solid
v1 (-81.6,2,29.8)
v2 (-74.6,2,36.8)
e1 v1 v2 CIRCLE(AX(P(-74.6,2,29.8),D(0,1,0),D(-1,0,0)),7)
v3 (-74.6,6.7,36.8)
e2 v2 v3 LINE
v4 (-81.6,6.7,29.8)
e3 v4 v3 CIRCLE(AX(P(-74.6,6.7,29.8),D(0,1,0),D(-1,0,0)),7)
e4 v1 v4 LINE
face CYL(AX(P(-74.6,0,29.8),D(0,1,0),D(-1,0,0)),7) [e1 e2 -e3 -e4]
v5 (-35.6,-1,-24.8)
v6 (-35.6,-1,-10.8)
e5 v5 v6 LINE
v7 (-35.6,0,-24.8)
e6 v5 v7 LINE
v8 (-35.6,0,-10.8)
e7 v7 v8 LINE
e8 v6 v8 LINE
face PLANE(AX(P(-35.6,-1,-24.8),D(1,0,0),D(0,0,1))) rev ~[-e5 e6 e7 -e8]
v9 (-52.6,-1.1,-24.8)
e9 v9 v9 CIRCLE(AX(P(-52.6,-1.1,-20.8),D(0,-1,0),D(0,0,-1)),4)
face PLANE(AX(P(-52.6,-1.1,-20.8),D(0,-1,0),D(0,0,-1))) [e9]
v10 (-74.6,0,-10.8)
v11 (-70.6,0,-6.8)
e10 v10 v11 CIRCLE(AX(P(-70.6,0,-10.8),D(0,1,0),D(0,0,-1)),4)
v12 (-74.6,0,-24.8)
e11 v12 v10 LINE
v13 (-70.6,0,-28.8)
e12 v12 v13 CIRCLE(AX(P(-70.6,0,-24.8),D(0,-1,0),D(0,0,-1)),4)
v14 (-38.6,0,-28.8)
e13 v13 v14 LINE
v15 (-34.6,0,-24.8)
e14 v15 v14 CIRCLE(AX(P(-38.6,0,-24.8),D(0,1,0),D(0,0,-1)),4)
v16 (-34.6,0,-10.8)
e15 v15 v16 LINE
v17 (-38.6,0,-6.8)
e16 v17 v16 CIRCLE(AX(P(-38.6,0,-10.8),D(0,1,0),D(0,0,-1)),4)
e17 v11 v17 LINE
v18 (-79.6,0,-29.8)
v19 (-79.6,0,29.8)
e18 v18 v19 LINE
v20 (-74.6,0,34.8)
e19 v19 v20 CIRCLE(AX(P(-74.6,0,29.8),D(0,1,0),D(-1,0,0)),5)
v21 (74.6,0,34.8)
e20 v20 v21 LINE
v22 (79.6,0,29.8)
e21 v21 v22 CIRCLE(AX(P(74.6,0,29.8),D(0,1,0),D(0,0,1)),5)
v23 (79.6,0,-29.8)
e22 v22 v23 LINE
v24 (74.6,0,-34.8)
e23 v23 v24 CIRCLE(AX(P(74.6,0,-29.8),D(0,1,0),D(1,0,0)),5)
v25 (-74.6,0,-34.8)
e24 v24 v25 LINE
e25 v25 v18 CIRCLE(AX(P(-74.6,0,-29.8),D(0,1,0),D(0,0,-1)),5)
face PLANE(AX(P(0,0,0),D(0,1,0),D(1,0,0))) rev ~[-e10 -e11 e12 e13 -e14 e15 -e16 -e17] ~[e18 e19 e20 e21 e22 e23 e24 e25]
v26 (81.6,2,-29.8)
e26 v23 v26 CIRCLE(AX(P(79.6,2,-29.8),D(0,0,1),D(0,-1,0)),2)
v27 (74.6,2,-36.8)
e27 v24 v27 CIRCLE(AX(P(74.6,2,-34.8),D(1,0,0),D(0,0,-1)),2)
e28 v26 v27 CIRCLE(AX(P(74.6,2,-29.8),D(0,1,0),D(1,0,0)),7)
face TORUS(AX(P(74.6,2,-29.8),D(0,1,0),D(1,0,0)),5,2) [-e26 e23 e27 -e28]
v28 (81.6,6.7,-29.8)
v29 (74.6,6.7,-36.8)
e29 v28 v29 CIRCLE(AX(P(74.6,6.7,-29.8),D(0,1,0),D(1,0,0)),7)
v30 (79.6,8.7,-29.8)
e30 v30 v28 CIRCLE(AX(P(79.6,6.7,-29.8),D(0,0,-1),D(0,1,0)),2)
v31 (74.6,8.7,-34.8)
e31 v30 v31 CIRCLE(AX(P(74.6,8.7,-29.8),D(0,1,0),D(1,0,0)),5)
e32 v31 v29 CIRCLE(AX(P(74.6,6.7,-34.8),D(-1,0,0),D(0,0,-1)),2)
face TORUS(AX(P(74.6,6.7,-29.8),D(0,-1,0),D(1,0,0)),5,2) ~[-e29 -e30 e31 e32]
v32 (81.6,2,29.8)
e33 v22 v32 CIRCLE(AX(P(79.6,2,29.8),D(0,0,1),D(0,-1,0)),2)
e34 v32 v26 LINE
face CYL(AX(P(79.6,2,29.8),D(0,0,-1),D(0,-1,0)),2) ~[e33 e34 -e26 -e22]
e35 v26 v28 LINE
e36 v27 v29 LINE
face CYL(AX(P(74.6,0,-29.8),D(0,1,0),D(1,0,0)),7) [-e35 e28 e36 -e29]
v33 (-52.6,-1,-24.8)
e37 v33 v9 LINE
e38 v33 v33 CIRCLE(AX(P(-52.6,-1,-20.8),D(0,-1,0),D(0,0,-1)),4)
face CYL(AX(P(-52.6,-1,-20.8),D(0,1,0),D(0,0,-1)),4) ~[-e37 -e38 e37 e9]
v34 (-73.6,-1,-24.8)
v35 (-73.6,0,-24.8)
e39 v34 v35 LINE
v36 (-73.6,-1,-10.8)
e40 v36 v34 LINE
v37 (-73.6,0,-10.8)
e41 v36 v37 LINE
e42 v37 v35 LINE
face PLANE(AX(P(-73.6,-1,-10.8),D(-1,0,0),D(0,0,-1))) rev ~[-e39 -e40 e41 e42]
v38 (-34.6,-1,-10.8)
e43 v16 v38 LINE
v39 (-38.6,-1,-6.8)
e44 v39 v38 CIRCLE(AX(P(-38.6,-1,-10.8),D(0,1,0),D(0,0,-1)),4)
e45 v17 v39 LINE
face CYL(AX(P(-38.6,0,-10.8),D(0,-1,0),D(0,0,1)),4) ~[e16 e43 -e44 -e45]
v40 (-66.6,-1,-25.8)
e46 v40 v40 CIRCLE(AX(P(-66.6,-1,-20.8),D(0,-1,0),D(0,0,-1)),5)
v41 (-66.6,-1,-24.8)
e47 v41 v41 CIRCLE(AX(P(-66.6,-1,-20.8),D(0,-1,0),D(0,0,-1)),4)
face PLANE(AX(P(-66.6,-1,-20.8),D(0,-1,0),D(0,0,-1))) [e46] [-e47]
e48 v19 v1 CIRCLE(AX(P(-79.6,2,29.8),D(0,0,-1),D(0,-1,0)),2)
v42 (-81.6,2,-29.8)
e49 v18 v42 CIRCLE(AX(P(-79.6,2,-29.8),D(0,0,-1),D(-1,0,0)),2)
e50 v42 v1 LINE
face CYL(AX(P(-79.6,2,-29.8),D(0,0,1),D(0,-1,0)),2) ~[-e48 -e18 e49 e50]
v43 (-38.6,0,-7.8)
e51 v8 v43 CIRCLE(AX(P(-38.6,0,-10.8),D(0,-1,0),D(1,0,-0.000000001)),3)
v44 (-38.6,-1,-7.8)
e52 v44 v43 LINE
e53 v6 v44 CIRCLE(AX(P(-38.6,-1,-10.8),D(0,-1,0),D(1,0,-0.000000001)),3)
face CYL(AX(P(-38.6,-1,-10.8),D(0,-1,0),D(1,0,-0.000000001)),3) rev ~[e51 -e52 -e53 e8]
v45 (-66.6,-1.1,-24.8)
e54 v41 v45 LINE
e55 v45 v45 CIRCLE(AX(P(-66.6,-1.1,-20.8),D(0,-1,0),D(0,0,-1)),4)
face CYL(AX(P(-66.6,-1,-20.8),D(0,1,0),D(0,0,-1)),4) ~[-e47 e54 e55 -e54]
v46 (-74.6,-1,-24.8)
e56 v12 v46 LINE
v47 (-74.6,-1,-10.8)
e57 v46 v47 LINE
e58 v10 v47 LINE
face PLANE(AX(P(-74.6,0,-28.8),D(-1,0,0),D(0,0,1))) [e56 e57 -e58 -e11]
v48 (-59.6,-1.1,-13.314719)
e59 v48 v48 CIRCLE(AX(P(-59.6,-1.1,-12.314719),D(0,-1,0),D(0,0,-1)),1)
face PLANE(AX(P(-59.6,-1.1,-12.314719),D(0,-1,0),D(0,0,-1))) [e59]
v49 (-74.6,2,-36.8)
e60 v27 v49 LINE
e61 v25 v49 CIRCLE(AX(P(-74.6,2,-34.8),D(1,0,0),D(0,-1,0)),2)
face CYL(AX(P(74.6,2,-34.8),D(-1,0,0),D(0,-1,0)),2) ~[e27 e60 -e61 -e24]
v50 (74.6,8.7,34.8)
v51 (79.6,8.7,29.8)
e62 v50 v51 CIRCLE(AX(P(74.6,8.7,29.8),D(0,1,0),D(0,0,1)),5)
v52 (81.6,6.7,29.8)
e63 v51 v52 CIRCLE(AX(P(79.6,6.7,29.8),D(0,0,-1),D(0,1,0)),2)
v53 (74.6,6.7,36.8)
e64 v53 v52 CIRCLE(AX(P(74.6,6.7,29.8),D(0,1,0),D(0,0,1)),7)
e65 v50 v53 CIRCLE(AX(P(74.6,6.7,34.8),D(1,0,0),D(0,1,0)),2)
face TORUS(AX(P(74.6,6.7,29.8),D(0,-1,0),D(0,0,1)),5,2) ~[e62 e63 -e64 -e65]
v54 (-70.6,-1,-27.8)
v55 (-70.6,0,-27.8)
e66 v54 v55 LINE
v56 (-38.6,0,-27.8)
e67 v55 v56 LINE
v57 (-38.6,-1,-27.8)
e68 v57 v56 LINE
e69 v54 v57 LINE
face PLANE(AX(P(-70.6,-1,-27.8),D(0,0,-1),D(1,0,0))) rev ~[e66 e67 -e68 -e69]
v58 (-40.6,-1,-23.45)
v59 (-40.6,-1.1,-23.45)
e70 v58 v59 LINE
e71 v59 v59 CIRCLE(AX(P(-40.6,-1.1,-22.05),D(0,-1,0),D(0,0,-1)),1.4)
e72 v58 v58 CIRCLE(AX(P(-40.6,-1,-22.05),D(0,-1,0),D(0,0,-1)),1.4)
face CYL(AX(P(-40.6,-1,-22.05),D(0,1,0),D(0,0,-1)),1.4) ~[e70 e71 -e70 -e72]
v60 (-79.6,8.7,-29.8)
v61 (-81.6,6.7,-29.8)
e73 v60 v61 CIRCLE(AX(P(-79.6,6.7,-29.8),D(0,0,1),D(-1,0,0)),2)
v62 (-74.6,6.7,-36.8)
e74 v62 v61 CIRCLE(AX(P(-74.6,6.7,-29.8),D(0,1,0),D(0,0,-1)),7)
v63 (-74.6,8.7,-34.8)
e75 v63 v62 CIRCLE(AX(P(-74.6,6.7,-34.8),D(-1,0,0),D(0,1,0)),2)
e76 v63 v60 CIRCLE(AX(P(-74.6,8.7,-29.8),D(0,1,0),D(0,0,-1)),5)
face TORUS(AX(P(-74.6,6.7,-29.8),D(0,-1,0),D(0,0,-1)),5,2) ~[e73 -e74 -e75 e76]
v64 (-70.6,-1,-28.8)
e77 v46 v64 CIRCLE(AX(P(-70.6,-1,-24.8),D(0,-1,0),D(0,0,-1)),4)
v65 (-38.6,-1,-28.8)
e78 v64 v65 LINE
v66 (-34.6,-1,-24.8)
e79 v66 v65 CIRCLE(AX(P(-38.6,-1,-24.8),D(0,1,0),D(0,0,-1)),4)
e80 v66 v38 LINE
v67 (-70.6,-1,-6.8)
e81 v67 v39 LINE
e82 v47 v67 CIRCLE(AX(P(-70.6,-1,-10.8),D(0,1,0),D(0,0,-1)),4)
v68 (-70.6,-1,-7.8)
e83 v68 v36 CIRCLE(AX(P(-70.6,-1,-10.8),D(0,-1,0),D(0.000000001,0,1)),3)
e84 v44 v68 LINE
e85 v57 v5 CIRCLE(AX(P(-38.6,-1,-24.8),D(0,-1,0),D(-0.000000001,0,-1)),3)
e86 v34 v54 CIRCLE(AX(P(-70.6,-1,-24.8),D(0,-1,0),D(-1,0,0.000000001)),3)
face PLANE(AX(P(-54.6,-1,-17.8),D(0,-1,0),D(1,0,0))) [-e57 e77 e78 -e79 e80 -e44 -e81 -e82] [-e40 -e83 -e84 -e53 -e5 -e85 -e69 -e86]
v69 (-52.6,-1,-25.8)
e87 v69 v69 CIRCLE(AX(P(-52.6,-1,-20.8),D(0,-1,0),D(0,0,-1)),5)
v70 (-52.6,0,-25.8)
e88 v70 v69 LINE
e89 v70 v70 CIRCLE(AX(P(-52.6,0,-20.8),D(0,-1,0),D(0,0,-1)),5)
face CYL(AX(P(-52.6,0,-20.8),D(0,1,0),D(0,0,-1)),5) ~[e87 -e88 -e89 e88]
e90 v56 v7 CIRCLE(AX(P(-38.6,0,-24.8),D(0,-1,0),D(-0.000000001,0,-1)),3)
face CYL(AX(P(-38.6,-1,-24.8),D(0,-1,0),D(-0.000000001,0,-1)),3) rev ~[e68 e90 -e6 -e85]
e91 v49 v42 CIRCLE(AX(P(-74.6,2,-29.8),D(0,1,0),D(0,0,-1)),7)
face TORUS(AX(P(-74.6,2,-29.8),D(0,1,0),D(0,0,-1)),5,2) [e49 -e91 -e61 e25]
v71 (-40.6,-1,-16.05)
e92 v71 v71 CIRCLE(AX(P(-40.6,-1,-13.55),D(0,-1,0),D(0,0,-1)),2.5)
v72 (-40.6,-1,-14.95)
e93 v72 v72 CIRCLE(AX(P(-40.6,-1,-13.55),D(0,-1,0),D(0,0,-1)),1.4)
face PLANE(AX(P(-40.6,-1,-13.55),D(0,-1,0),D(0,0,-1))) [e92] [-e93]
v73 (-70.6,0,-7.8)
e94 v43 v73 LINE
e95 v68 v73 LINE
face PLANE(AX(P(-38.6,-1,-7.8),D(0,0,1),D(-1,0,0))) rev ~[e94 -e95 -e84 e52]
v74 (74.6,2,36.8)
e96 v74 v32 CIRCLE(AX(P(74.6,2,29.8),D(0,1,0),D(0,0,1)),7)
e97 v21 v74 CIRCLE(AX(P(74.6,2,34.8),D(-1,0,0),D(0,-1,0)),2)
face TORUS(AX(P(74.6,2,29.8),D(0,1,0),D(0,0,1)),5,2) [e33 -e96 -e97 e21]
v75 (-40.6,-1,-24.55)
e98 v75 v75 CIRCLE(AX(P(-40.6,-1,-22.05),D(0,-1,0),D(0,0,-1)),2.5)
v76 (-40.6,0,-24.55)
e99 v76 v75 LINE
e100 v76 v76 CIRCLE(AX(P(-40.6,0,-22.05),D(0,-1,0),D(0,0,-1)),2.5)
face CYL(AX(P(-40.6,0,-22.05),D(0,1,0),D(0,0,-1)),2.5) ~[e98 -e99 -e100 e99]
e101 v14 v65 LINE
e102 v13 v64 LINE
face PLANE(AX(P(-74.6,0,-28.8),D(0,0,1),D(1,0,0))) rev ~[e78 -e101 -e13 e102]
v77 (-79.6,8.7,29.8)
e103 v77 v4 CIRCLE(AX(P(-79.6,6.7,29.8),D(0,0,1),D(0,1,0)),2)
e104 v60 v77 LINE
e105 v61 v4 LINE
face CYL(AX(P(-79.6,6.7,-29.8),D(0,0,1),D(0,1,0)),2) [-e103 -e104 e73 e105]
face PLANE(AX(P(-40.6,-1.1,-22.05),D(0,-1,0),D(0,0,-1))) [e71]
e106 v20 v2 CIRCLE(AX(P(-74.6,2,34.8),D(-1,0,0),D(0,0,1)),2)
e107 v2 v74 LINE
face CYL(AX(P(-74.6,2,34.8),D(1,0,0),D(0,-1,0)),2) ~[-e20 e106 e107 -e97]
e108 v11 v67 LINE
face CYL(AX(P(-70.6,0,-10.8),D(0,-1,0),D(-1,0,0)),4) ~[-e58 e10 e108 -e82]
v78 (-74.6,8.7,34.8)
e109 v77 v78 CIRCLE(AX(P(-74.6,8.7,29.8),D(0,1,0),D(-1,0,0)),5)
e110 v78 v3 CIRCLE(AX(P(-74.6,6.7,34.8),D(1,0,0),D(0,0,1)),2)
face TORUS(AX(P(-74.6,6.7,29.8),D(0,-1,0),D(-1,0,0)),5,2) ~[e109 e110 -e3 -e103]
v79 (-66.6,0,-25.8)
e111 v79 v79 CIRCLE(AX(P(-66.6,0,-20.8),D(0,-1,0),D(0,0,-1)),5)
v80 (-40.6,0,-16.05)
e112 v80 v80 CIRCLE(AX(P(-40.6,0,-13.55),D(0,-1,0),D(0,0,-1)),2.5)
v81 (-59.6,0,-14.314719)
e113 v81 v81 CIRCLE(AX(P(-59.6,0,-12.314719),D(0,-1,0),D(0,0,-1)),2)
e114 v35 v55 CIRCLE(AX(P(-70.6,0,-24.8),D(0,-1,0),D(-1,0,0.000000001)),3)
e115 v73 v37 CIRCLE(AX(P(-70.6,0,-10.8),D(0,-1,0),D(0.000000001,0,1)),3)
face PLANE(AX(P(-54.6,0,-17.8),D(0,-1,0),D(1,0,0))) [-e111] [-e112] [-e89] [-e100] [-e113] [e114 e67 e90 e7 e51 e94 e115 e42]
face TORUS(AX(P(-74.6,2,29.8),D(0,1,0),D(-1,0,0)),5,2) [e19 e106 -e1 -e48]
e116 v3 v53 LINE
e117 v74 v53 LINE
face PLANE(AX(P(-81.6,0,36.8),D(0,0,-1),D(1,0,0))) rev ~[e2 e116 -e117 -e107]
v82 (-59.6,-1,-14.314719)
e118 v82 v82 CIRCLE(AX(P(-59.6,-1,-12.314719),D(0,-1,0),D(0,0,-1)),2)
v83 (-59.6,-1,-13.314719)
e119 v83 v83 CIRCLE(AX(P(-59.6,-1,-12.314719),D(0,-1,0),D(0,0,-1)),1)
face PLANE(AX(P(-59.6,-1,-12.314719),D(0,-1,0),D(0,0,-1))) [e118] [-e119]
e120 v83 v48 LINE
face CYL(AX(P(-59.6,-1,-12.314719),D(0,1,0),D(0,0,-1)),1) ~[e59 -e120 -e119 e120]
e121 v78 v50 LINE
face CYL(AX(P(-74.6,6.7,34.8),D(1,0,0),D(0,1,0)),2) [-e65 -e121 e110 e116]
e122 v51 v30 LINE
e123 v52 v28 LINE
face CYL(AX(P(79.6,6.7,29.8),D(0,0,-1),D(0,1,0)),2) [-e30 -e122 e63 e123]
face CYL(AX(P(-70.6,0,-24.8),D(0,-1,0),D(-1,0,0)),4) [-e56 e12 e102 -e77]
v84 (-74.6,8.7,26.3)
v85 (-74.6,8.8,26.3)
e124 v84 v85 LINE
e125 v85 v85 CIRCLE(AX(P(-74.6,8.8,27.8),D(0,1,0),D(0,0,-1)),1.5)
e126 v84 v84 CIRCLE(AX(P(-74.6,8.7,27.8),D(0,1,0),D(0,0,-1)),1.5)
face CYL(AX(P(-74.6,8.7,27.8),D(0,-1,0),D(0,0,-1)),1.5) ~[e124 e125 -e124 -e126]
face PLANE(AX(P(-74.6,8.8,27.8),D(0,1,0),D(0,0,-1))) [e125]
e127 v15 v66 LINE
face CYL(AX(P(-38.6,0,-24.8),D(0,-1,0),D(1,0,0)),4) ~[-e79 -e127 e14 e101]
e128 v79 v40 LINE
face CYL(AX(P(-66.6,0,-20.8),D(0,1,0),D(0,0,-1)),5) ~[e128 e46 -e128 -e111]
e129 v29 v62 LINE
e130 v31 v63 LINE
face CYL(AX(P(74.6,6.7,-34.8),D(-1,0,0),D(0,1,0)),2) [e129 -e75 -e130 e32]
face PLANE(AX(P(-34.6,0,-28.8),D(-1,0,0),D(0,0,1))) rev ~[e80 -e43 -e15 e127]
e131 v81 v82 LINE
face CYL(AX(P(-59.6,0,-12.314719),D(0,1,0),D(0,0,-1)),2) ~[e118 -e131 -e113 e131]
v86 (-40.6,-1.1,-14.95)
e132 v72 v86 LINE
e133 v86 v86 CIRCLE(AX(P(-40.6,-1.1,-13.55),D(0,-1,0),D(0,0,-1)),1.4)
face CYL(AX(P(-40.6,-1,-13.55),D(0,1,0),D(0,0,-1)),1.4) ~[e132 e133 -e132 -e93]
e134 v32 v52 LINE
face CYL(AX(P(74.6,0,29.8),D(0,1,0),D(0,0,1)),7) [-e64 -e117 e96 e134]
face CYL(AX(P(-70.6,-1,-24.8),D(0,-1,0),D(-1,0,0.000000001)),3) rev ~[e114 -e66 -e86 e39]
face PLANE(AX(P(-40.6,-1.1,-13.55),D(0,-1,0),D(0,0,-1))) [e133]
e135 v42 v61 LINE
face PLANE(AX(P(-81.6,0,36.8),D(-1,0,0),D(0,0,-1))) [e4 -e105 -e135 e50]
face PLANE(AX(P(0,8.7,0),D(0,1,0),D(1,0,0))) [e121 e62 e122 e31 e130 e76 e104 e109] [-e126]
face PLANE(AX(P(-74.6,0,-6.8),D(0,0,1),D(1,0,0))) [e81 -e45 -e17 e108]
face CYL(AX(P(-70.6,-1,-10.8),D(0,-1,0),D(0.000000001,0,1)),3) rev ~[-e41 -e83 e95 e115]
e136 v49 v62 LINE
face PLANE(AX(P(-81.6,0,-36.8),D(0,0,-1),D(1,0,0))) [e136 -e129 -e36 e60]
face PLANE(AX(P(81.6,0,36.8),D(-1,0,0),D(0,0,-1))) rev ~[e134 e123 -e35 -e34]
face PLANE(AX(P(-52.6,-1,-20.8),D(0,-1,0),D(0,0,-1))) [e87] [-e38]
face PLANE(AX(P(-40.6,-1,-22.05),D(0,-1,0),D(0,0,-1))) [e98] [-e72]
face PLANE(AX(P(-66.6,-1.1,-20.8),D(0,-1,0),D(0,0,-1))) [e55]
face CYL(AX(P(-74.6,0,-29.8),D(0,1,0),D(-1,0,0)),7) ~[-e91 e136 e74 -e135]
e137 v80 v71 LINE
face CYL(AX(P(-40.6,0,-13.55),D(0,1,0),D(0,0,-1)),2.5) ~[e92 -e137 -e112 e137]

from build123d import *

# Parameters (mm, degrees)
SKETCH1_W           = 163.2
SKETCH1_H           = 73.6
BOSS_EXTRUDE1_DEPTH = 8.7
FILLET1_R           = 7
FILLET2_R           = 2
SKETCH2_R           = 1.5
BOSS_EXTRUDE2_DEPTH = 0.1
FILLET3_R           = 2
SKETCH3_W           = 40
SKETCH3_H           = 22
BOSS_EXTRUDE3_DEPTH = 1
FILLET4_R           = 4
CUT_EXTRUDE1_DEPTH  = 1
SKETCH5_R           = 5
SKETCH5_R_2         = 2.5
SKETCH5_R_3         = 2
BOSS_EXTRUDE4_DEPTH = 1
SKETCH6_R           = 4
SKETCH6_R_2         = 1.4
SKETCH6_R_3         = 1
BOSS_EXTRUDE5_DEPTH = 0.1


with BuildPart() as part:
    # Sketch1 → Boss-Extrude1 (new body)
    with BuildSketch(Plane(origin=(0, 0, 0), x_dir=(1, 0, 0), z_dir=(0, 1, 0))):
        Rectangle(SKETCH1_W, SKETCH1_H)
    extrude(amount=BOSS_EXTRUDE1_DEPTH)

    # Fillet1
    fillet1_edges = [part.edges().sort_by_distance(p)[0] for p in [
        (81.6, 4.35, 36.8),
        (-81.6, 4.35, 36.8),
        (-81.6, 4.35, -36.8),
        (81.6, 4.35, -36.8),
    ]]
    fillet(fillet1_edges, radius=FILLET1_R)

    # Fillet2
    fillet2_edges = [part.edges().sort_by_distance(p)[0] for p in [
        (81.6, 8.7, 0),
        (0, 8.7, 36.8),
        (0, 8.7, -36.8),
        (-81.6, 8.7, 0),
        (-79.549747468, 8.7, 34.749747468),
        (-79.549747468, 8.7, -34.749747468),
        (79.549747468, 8.7, -34.749747468),
        (79.549747468, 8.7, 34.749747468),
    ]]
    fillet(fillet2_edges, radius=FILLET2_R)

    # Sketch2 → Boss-Extrude2 (add)
    with BuildSketch(Plane(origin=(0, 8.7, 0), x_dir=(1, 0, 0), z_dir=(0, 1, 0))):
        with Locations(Location((-74.6, -27.8, 0), (0, 0, 90))):
            Circle(SKETCH2_R)
    extrude(amount=BOSS_EXTRUDE2_DEPTH)

    # Fillet3
    fillet3_edges = [part.edges().sort_by_distance(p)[0] for p in [
        (81.6, 0, 0),
        (0, 0, 36.8),
        (-81.6, 0, 0),
        (0, 0, -36.8),
        (-79.549747468, 0, 34.749747468),
        (-79.549747468, 0, -34.749747468),
        (79.549747468, 0, -34.749747468),
        (79.549747468, 0, 34.749747468),
    ]]
    fillet(fillet3_edges, radius=FILLET3_R)

    # Sketch3 → Boss-Extrude3 (add)
    with BuildSketch(Plane.XZ):
        with Locations((-54.6, -17.8)):
            Rectangle(SKETCH3_W, SKETCH3_H)
    extrude(amount=BOSS_EXTRUDE3_DEPTH)

    # Fillet4
    fillet4_edges = [part.edges().sort_by_distance(p)[0] for p in [
        (-74.6, -0.5, -6.8),
        (-74.6, -0.5, -28.8),
        (-34.6, -0.5, -28.8),
        (-34.6, -0.5, -6.8),
    ]]
    fillet(fillet4_edges, radius=FILLET4_R)

    # Sketch4 → Cut-Extrude1 (cut)
    with BuildSketch(Plane.XZ.offset(1)):
        with BuildLine():
            Line((-70.6, -27.8), (-38.6, -27.8))
            ThreePointArc((-38.6, -27.8), (-36.478679656, -26.921320344), (-35.6, -24.8))
            Line((-35.6, -24.8), (-35.6, -10.8))
            ThreePointArc((-35.6, -10.8), (-36.478679656, -8.678679656), (-38.6, -7.8))
            Line((-38.6, -7.8), (-70.6, -7.8))
            ThreePointArc((-70.6, -7.8), (-72.721320344, -8.678679656), (-73.6, -10.8))
            Line((-73.6, -10.8), (-73.6, -24.8))
            ThreePointArc((-73.6, -24.8), (-72.721320344, -26.921320344), (-70.6, -27.8))
        make_face()
    extrude(amount=-CUT_EXTRUDE1_DEPTH, mode=Mode.SUBTRACT)

    # Sketch5 → Boss-Extrude4 (add)
    with BuildSketch(Plane(origin=(0, 0, 0), x_dir=(-1, 0, 0), z_dir=(0, -1, 0))):
        with Locations(Location((66.6, 20.8, 0), (0, 0, 90))):
            Circle(SKETCH5_R)
        with Locations(Location((52.6, 20.8, 0), (0, 0, 90))):
            Circle(SKETCH5_R)
        with Locations(Location((40.6, 22.05, 0), (0, 0, 90))):
            Circle(SKETCH5_R_2)
        with Locations(Location((40.6, 13.55, 0), (0, 0, 90))):
            Circle(SKETCH5_R_2)
        with Locations(Location((59.6, 12.314718626, 0), (0, 0, 90))):
            Circle(SKETCH5_R_3)
    extrude(amount=BOSS_EXTRUDE4_DEPTH)

    # Sketch6 → Boss-Extrude5 (add)
    with BuildSketch(Plane.XZ.offset(1)):
        with Locations(Location((-66.6, -20.8, 0), (0, 0, 270))):
            Circle(SKETCH6_R)
        with Locations(Location((-52.6, -20.8, 0), (0, 0, 270))):
            Circle(SKETCH6_R)
        with Locations(Location((-40.6, -22.05, 0), (0, 0, 270))):
            Circle(SKETCH6_R_2)
        with Locations(Location((-40.6, -13.55, 0), (0, 0, 270))):
            Circle(SKETCH6_R_2)
        with Locations(Location((-59.6, -12.314718626, 0), (0, 0, 270))):
            Circle(SKETCH6_R_3)
    extrude(amount=BOSS_EXTRUDE5_DEPTH)


solid = part.part
